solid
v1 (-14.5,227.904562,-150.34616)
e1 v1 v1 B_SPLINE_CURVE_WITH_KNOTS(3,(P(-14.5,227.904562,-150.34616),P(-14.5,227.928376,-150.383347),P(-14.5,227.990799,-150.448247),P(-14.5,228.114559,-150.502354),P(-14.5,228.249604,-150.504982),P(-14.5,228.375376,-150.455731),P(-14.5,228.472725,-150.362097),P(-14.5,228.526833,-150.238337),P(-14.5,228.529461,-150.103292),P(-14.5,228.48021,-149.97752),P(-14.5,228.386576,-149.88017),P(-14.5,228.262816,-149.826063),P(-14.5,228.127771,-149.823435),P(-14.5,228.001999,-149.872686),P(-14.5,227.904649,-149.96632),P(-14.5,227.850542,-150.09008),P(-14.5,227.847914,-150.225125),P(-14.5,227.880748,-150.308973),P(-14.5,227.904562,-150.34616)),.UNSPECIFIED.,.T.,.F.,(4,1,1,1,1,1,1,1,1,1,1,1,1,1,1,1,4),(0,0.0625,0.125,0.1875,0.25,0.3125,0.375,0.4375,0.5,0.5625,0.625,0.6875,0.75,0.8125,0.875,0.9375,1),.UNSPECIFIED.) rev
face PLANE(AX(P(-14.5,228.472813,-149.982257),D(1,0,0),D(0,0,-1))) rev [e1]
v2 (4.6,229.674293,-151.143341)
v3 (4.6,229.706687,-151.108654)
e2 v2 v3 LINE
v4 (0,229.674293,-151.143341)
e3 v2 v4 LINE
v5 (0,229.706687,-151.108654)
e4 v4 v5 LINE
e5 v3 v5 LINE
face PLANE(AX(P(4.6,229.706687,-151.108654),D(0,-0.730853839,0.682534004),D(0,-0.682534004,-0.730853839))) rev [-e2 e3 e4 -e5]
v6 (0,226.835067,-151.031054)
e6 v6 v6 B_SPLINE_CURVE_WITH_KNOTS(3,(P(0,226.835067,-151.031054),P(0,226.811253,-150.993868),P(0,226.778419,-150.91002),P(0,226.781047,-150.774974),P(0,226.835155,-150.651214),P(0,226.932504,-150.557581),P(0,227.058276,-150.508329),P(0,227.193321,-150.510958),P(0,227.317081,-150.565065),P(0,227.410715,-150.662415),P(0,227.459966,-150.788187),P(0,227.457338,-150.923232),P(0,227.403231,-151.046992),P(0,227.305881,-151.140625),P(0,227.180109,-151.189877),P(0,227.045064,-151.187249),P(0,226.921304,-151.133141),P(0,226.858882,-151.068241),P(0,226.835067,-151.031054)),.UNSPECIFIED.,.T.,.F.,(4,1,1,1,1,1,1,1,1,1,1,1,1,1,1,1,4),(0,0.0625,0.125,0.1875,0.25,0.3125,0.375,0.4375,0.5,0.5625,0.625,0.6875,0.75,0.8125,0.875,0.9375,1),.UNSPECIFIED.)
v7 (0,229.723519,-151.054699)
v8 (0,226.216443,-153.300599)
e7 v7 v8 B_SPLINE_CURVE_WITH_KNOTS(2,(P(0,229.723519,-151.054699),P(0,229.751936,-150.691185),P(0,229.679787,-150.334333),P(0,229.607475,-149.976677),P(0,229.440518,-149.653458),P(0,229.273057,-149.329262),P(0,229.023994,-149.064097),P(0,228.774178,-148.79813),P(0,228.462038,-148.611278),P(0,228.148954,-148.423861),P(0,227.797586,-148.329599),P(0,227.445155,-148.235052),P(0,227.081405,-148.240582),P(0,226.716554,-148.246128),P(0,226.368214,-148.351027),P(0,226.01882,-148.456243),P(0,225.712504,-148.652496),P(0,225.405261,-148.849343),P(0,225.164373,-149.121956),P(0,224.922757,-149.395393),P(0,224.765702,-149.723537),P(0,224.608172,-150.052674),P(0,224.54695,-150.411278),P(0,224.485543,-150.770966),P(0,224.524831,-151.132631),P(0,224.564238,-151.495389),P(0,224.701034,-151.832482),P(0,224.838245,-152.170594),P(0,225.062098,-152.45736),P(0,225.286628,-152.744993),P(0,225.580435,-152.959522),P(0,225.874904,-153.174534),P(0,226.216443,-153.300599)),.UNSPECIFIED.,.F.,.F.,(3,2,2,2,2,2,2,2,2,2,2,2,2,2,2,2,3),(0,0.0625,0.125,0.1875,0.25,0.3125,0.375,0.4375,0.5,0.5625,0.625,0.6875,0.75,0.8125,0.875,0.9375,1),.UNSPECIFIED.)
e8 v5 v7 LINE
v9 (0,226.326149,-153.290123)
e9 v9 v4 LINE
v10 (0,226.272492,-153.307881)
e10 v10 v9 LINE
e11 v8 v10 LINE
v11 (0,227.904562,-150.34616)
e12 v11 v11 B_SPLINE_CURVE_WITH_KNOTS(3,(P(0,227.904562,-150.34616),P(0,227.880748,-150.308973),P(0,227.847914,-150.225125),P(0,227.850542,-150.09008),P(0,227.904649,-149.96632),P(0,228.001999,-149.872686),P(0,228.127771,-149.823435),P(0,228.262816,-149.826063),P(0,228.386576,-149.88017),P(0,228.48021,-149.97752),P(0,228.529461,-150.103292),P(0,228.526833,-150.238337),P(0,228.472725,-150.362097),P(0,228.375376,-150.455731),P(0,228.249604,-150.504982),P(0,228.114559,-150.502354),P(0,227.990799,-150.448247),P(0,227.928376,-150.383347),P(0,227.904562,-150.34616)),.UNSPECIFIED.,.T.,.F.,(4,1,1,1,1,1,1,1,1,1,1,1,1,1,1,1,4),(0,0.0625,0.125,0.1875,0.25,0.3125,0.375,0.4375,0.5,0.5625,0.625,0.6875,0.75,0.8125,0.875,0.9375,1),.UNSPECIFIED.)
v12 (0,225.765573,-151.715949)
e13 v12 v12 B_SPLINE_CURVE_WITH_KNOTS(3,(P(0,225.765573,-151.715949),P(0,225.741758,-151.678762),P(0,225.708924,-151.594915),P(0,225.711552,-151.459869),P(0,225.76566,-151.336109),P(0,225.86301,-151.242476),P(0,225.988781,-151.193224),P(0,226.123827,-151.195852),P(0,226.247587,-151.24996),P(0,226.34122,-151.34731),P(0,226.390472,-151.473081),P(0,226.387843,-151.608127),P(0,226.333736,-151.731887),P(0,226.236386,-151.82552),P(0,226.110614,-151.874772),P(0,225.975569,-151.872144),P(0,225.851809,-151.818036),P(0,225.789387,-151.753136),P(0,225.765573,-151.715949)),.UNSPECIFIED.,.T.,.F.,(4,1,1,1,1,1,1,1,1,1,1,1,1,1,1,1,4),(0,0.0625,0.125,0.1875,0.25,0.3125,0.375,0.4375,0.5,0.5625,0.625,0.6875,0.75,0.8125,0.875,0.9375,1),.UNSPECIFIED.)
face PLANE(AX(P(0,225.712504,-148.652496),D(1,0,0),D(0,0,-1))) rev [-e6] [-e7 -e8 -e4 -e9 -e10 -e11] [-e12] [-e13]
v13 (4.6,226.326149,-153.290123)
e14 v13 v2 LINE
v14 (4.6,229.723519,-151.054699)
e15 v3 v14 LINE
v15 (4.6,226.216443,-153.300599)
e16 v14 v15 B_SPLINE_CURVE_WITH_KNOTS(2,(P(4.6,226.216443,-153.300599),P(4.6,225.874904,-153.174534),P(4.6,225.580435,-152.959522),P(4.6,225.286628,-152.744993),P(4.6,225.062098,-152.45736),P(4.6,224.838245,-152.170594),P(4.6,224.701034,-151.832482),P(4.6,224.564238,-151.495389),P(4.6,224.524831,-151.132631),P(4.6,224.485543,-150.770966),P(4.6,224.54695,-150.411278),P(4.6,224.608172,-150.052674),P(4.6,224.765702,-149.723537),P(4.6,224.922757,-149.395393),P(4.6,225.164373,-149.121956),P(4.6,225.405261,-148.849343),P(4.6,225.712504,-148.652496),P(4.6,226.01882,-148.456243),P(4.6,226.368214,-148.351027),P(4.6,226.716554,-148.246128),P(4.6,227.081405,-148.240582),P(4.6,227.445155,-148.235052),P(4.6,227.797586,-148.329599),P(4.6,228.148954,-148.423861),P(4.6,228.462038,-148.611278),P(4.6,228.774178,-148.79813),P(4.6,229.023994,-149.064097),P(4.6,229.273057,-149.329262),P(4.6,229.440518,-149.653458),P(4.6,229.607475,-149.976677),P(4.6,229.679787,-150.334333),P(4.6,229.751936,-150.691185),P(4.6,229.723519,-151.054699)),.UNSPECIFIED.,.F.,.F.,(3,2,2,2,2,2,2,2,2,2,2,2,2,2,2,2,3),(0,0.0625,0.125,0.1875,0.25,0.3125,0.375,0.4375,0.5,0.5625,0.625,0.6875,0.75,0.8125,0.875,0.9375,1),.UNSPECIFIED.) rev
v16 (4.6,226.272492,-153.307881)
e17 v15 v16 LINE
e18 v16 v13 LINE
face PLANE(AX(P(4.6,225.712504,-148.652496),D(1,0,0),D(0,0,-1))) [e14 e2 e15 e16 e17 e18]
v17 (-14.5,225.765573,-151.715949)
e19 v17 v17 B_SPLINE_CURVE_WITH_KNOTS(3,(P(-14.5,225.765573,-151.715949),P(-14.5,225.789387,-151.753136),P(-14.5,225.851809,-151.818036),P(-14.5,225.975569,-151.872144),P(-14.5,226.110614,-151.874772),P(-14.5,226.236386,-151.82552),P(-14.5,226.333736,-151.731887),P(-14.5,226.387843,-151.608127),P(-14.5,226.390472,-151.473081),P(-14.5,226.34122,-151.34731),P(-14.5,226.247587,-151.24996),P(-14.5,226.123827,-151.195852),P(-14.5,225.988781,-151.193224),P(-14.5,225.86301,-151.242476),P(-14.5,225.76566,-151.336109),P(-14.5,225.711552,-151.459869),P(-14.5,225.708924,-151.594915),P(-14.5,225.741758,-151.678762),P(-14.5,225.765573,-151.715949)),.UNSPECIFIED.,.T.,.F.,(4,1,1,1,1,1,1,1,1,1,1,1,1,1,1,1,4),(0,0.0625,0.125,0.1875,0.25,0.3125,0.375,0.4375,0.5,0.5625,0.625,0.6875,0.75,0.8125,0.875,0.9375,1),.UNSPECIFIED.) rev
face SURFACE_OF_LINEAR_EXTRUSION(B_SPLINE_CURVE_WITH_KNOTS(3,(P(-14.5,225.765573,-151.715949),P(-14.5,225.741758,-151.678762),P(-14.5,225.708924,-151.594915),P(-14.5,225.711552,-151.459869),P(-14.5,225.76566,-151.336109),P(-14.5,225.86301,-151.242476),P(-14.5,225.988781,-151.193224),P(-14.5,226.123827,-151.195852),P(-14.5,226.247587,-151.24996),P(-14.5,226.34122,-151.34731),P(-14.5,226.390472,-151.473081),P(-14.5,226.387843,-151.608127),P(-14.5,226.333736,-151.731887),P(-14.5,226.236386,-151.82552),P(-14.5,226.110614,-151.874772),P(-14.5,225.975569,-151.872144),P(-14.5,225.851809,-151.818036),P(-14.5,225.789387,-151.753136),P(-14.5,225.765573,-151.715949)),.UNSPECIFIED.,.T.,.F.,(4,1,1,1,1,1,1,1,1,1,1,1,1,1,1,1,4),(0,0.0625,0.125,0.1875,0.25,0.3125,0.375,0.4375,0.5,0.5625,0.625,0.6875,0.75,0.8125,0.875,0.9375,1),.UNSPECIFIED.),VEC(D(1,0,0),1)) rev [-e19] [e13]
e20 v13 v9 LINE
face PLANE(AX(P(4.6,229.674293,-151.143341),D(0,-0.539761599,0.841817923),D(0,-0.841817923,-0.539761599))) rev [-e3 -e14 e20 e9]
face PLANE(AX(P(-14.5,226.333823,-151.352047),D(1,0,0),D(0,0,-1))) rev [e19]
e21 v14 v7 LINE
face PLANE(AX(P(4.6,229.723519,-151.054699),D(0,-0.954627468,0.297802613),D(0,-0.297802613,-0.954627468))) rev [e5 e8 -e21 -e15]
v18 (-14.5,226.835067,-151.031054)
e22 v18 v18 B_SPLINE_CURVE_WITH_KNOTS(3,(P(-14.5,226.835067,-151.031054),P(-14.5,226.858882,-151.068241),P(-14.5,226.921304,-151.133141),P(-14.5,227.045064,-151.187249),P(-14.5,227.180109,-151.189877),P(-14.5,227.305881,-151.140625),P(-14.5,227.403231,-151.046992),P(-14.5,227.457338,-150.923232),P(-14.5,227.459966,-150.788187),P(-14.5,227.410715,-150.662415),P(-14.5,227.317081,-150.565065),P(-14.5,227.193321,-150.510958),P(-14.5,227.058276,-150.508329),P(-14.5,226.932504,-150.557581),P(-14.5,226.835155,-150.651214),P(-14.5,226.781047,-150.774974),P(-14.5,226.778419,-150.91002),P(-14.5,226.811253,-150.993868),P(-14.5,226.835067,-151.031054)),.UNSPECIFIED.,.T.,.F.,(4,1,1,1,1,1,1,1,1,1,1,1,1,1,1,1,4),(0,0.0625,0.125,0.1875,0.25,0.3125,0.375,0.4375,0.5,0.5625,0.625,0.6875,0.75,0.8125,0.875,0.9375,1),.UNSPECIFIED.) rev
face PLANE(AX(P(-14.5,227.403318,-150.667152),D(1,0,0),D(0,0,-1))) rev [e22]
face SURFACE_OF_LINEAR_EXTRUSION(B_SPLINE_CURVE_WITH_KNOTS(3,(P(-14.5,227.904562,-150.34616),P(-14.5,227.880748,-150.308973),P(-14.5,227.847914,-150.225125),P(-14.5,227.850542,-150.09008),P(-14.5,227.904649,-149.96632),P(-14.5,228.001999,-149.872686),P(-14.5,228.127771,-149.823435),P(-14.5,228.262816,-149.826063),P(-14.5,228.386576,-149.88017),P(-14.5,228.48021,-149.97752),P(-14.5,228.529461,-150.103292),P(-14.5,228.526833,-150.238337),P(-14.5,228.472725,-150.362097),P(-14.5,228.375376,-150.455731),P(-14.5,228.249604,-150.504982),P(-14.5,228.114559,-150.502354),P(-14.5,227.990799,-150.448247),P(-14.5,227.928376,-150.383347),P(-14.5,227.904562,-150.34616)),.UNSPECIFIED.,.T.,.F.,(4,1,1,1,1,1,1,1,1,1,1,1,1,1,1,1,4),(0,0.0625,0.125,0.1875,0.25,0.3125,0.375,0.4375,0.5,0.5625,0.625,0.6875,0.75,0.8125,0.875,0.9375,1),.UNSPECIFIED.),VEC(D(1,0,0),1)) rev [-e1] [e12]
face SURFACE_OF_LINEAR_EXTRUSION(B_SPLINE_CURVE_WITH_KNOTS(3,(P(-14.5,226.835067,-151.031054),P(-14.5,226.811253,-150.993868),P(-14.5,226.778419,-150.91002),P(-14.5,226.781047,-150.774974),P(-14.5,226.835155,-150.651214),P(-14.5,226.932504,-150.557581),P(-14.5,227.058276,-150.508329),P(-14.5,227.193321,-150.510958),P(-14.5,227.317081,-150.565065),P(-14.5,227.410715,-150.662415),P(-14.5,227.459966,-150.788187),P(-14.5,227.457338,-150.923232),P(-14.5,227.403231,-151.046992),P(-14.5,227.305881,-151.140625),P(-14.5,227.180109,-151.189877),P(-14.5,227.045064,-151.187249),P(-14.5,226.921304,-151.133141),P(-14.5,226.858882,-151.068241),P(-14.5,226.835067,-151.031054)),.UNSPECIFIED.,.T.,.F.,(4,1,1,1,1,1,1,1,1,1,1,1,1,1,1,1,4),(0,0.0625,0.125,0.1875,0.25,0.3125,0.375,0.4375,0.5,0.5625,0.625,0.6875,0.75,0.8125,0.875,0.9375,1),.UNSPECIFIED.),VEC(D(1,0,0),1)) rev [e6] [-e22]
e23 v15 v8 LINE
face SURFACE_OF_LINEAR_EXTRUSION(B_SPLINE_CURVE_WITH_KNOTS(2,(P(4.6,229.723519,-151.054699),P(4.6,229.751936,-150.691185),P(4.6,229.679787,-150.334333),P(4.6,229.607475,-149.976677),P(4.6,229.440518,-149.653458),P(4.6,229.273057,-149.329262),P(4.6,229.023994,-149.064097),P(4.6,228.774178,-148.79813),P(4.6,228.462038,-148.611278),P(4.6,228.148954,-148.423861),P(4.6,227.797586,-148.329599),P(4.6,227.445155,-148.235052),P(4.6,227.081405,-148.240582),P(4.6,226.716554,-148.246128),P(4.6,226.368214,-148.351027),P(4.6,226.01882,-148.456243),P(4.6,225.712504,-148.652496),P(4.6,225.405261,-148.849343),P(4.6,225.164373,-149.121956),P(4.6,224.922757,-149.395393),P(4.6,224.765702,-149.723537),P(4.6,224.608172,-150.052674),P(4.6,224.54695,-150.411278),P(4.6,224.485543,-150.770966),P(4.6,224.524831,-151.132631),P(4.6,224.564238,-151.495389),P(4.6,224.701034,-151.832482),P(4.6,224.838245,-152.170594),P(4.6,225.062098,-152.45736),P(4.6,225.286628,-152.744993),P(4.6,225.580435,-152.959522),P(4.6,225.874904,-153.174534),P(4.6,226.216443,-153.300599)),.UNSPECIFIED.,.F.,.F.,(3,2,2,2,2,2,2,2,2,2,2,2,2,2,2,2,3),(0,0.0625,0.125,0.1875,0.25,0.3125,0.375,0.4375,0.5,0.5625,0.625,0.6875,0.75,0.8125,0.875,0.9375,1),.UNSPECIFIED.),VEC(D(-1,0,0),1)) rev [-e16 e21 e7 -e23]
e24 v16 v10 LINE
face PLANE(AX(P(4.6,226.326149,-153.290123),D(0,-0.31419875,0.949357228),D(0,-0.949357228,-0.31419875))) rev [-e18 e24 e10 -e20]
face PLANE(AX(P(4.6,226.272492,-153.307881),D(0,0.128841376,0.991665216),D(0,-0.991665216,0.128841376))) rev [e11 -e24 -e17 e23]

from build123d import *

# Parameters (mm, degrees)
BOSS_EXTRUDE1_DEPTH = 4.6
BOSS_EXTRUDE2_DEPTH = 14.5


with BuildPart() as part:
    # Sketch1 → Boss-Extrude1 (new body)
    with BuildSketch(Plane.YZ):
        with BuildLine():
            Line((229.674293499, -151.143340678), (226.326149061, -153.290122953))
            Line((226.326149061, -153.290122953), (226.272491625, -153.307881389))
            Line((226.272491625, -153.307881389), (226.216442541, -153.300599253))
            add(Edge.make_bspline(
                [(226.216442541, -153.300599253), (225.874904083, -153.174533582), (225.580435107, -152.959521565), (225.286628269, -152.74499302), (225.062097982, -152.457360168), (224.838244561, -152.170594409), (224.701034241, -151.832482244), (224.564237553, -151.495389348), (224.52483063, -151.132631023), (224.485542502, -150.770966265), (224.546949824, -150.411277999), (224.608172029, -150.052674045), (224.765701828, -149.723537492), (224.92275674, -149.39539315), (225.164373094, -149.121955689), (225.405261075, -148.849342529), (225.712503507, -148.652495899), (226.01881973, -148.45624268), (226.368213662, -148.351026769), (226.716554316, -148.24612804), (227.081404623, -148.240581773), (227.445155058, -148.235052226), (227.797585685, -148.329599361), (228.14895388, -148.423861475), (228.462037686, -148.611278225), (228.774177674, -148.79812999), (229.023993777, -149.064096948), (229.273056788, -149.329262125), (229.440518215, -149.653458328), (229.607474816, -149.976677214), (229.67978683, -150.334332747), (229.751936455, -150.691185103), (229.723518522, -151.054698615)],
                knots=[0, 0, 0, 0.0625, 0.0625, 0.125, 0.125, 0.1875, 0.1875, 0.25, 0.25, 0.3125, 0.3125, 0.375, 0.375, 0.4375, 0.4375, 0.5, 0.5, 0.5625, 0.5625, 0.625, 0.625, 0.6875, 0.6875, 0.75, 0.75, 0.8125, 0.8125, 0.875, 0.875, 0.9375, 0.9375, 1, 1, 1], degree=2))
            Line((229.723518522, -151.054698615), (229.706686704, -151.108654203))
            Line((229.706686704, -151.108654203), (229.674293499, -151.143340678))
        make_face()
    extrude(amount=BOSS_EXTRUDE1_DEPTH)

    # Sketch2 → Boss-Extrude2 (add)
    with BuildSketch(Plane(origin=(0, 0, 0), x_dir=(0, -1, 0), z_dir=(-1, 0, 0))):
        with BuildLine():
            add(Edge.make_bspline(
                [(-225.765572547, -151.715949147), (-225.741758397, -151.67876225), (-225.708923966, -151.594914599), (-225.711552038, -151.459869117), (-225.765659729, -151.33610908), (-225.863009632, -151.242475831), (-225.988781109, -151.193224184), (-226.123826591, -151.195852256), (-226.247586628, -151.249959946), (-226.341219877, -151.34730985), (-226.390471524, -151.473081327), (-226.387843452, -151.608126809), (-226.333735761, -151.731886846), (-226.236385858, -151.825520095), (-226.110614381, -151.874771742), (-225.975568899, -151.87214367), (-225.851808862, -151.818035979), (-225.789386696, -151.753136043), (-225.765572547, -151.715949147)],
                knots=[0, 0, 0, 0, 0.0625, 0.125, 0.1875, 0.25, 0.3125, 0.375, 0.4375, 0.5, 0.5625, 0.625, 0.6875, 0.75, 0.8125, 0.875, 0.9375, 1, 1, 1, 1], degree=3))
        make_face()
        with BuildLine():
            add(Edge.make_bspline(
                [(-226.835067383, -151.031054414), (-226.811253234, -150.993867518), (-226.778418803, -150.910019867), (-226.781046875, -150.774974384), (-226.835154565, -150.651214347), (-226.932504469, -150.557581098), (-227.058275945, -150.508329452), (-227.193321428, -150.510957524), (-227.317081465, -150.565065214), (-227.410714714, -150.662415118), (-227.45996636, -150.788186594), (-227.457338289, -150.923232076), (-227.403230598, -151.046992114), (-227.305880694, -151.140625362), (-227.180109218, -151.189877009), (-227.045063736, -151.187248937), (-226.921303698, -151.133141247), (-226.858881533, -151.068241311), (-226.835067383, -151.031054414)],
                knots=[0, 0, 0, 0, 0.0625, 0.125, 0.1875, 0.25, 0.3125, 0.375, 0.4375, 0.5, 0.5625, 0.625, 0.6875, 0.75, 0.8125, 0.875, 0.9375, 1, 1, 1, 1], degree=3))
        make_face()
        with BuildLine():
            add(Edge.make_bspline(
                [(-227.90456222, -150.346159682), (-227.880748071, -150.308972785), (-227.847913639, -150.225125134), (-227.850541711, -150.090079652), (-227.904649402, -149.966319615), (-228.001999305, -149.872686366), (-228.127770782, -149.823434719), (-228.262816264, -149.826062791), (-228.386576301, -149.880170482), (-228.48020955, -149.977520385), (-228.529461197, -150.103291862), (-228.526833125, -150.238337344), (-228.472725435, -150.362097381), (-228.375375531, -150.45573063), (-228.249604054, -150.504982277), (-228.114558572, -150.502354205), (-227.990798535, -150.448246514), (-227.928376369, -150.383346579), (-227.90456222, -150.346159682)],
                knots=[0, 0, 0, 0, 0.0625, 0.125, 0.1875, 0.25, 0.3125, 0.375, 0.4375, 0.5, 0.5625, 0.625, 0.6875, 0.75, 0.8125, 0.875, 0.9375, 1, 1, 1, 1], degree=3))
        make_face()
    extrude(amount=BOSS_EXTRUDE2_DEPTH)


solid = part.part
